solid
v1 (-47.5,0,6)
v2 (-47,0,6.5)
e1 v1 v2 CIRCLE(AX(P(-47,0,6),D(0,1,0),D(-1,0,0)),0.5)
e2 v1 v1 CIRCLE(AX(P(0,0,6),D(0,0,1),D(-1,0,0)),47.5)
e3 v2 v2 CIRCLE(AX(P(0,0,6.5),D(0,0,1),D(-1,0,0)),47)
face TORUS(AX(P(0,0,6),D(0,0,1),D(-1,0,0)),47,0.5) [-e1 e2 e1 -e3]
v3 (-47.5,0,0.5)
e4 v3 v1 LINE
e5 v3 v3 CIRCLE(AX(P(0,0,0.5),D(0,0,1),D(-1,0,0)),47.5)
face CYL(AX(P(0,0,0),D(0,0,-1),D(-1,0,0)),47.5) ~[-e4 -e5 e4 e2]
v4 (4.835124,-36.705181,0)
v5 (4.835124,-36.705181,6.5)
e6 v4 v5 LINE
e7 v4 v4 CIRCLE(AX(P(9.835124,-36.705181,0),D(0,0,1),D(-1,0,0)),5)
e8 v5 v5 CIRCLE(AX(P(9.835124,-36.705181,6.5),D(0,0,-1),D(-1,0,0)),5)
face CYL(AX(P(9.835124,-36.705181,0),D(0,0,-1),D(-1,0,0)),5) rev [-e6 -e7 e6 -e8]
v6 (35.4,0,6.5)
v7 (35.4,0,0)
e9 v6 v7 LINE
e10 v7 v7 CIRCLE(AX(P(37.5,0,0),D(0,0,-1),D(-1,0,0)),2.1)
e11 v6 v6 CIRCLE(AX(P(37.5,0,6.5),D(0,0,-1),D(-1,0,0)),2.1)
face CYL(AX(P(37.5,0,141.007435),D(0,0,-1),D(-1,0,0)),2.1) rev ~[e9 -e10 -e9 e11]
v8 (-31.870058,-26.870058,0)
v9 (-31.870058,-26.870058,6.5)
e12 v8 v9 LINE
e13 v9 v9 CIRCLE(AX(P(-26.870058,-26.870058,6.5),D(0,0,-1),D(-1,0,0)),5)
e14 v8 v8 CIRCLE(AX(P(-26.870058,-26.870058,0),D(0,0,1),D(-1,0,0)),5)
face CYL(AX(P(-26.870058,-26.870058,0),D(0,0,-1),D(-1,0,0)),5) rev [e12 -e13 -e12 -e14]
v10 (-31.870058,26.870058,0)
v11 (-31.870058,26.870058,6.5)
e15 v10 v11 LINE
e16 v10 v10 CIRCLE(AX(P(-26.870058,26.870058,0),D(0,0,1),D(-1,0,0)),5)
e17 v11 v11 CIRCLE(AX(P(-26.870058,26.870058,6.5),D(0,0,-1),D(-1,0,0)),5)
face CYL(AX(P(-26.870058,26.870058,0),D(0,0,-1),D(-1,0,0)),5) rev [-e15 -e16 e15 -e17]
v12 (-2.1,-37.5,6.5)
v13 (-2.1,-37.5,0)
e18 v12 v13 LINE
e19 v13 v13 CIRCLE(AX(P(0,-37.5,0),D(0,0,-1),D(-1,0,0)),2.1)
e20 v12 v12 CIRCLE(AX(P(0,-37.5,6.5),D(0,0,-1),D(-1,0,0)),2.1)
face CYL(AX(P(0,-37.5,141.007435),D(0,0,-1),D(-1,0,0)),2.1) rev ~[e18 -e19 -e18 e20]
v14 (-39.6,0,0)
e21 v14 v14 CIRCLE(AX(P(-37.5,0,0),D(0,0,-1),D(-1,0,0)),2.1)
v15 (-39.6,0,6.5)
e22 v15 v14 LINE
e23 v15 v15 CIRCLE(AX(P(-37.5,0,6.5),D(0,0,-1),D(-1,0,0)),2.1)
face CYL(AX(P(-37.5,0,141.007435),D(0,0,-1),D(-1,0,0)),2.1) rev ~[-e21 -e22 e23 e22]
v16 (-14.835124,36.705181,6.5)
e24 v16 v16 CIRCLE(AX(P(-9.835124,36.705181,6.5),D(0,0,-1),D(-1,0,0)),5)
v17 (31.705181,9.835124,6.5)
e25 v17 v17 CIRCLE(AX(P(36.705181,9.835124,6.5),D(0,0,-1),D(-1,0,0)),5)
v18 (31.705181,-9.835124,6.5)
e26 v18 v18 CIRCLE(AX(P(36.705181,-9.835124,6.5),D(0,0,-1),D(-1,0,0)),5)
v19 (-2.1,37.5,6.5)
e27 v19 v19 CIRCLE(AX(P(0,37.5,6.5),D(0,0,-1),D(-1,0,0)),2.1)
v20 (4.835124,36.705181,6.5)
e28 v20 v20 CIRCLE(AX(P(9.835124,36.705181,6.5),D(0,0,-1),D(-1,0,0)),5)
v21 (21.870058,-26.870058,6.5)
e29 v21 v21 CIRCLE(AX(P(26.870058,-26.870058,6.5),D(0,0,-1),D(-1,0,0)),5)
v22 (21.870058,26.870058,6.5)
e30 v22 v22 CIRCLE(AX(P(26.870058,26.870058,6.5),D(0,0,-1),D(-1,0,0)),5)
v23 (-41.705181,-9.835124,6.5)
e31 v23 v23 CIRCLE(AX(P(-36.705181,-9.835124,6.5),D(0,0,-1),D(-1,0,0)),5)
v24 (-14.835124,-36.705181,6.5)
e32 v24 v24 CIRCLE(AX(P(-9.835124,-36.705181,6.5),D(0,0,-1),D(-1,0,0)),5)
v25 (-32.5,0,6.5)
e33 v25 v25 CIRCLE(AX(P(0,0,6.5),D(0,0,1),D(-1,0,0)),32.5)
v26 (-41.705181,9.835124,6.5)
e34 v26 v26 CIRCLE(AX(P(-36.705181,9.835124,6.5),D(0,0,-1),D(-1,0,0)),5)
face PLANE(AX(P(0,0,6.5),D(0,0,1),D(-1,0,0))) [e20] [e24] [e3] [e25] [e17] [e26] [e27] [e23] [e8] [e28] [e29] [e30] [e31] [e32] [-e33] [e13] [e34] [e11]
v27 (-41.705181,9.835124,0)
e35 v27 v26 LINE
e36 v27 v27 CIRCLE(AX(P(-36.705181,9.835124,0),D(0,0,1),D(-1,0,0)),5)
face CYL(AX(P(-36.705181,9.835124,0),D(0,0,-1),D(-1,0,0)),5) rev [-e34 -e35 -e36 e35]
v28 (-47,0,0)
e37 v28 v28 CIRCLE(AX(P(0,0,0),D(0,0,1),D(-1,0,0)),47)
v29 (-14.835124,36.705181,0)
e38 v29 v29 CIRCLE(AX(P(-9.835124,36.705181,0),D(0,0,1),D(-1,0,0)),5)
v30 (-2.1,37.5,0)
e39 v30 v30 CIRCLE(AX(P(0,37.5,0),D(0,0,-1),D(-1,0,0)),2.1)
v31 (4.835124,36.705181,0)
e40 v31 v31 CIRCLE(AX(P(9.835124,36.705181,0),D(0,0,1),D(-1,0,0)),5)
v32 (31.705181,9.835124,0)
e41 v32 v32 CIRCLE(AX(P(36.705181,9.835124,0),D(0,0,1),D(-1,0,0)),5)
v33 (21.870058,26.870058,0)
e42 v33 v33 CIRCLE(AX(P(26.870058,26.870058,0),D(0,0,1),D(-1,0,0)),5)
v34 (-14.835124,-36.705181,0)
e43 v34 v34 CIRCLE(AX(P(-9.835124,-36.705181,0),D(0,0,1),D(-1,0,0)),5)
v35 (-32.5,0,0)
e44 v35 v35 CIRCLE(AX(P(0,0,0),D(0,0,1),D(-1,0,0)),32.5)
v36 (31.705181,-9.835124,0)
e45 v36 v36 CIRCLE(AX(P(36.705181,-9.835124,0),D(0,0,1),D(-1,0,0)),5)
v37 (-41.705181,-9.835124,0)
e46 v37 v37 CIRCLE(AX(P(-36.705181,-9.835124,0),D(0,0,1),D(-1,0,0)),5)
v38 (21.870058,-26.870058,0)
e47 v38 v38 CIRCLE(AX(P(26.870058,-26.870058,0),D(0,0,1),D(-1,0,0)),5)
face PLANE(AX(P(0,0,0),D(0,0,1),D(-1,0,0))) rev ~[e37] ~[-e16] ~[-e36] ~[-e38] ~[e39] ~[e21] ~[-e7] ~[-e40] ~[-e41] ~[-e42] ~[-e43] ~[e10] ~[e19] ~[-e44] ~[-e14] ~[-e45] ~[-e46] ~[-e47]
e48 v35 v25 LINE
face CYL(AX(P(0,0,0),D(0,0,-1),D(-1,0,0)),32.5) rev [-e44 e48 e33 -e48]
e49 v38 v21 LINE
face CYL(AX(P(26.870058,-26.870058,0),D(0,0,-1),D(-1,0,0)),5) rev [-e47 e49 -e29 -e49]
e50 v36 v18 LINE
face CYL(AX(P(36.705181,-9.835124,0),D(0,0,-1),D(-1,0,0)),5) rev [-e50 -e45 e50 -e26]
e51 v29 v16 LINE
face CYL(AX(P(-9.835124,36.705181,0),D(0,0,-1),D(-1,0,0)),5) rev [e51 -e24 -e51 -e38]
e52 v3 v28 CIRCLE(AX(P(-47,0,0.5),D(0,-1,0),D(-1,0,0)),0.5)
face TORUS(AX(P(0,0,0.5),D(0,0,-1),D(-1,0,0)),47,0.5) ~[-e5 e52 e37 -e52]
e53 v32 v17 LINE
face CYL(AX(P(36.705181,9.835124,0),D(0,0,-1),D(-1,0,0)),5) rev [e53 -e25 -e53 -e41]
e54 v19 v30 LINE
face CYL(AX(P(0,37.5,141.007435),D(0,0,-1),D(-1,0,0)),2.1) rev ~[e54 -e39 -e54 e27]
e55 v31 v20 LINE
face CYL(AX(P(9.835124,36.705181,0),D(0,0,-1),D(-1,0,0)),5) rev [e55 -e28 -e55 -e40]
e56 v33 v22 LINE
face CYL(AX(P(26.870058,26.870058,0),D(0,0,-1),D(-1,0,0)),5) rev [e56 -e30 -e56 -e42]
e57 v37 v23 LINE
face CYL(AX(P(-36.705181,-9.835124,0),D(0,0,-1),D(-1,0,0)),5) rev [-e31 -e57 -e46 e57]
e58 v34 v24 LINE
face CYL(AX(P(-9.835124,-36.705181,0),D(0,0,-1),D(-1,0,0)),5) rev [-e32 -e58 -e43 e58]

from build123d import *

# Parameters (mm, degrees)
SKETCH1_R             = 47.5
SKETCH1_R_2           = 32.5
BOSS_EXTRUDE1_DEPTH   = 6.5
SKETCH2_R             = 5
CUT_EXTRUDE1_DEPTH    = 68.488887974
M5X0_8_TAPPED_HOLE1_D = 4.2
FILLET1_R             = 0.5


with BuildPart() as part:
    # Sketch1 → Boss-Extrude1 (new body)
    with BuildSketch(Plane.XY):
        with Locations(Location((0, 0, 0), (0, 0, 180))):
            Circle(SKETCH1_R)
        with Locations(Location((0, 0, 0), (0, 0, 180))):
            Circle(SKETCH1_R_2, mode=Mode.SUBTRACT)
    extrude(amount=BOSS_EXTRUDE1_DEPTH)

    # Sketch2 → Cut-Extrude1 (cut, through all)
    with BuildSketch(Plane.XY):
        with Locations(Location((9.835123714, 36.705181399, 0), (0, 0, 180))):
            Circle(SKETCH2_R)
        with Locations(Location((26.870057685, 26.870057685, 0), (0, 0, 180))):
            Circle(SKETCH2_R)
        with Locations(Location((36.705181399, 9.835123714, 0), (0, 0, 180))):
            Circle(SKETCH2_R)
        with Locations(Location((36.705181399, -9.835123714, 0), (0, 0, 180))):
            Circle(SKETCH2_R)
        with Locations(Location((26.870057685, -26.870057685, 0), (0, 0, 180))):
            Circle(SKETCH2_R)
        with Locations(Location((9.835123714, -36.705181399, 0), (0, 0, 180))):
            Circle(SKETCH2_R)
        with Locations(Location((-9.835123714, -36.705181399, 0), (0, 0, 180))):
            Circle(SKETCH2_R)
        with Locations(Location((-26.870057685, -26.870057685, 0), (0, 0, 180))):
            Circle(SKETCH2_R)
        with Locations(Location((-36.705181399, -9.835123714, 0), (0, 0, 180))):
            Circle(SKETCH2_R)
        with Locations(Location((-36.705181399, 9.835123714, 0), (0, 0, 180))):
            Circle(SKETCH2_R)
        with Locations(Location((-26.870057685, 26.870057685, 0), (0, 0, 180))):
            Circle(SKETCH2_R)
        with Locations(Location((-9.835123714, 36.705181399, 0), (0, 0, 180))):
            Circle(SKETCH2_R)
    extrude(amount=CUT_EXTRUDE1_DEPTH, mode=Mode.SUBTRACT)

    # M5x0.8 Tapped Hole1 (through all)
    with Locations(Plane.XY.offset(6.5)):
        with Locations((0, 37.5), (-37.5, 0), (37.5, 0), (0, -37.5)):
            Hole(M5X0_8_TAPPED_HOLE1_D / 2)

    # Fillet1
    fillet1_edges = [part.edges().sort_by_distance(p)[0] for p in [
        (47.5, 0, 0),
        (47.5, 0, 6.5),
    ]]
    fillet(fillet1_edges, radius=FILLET1_R)


solid = part.part
